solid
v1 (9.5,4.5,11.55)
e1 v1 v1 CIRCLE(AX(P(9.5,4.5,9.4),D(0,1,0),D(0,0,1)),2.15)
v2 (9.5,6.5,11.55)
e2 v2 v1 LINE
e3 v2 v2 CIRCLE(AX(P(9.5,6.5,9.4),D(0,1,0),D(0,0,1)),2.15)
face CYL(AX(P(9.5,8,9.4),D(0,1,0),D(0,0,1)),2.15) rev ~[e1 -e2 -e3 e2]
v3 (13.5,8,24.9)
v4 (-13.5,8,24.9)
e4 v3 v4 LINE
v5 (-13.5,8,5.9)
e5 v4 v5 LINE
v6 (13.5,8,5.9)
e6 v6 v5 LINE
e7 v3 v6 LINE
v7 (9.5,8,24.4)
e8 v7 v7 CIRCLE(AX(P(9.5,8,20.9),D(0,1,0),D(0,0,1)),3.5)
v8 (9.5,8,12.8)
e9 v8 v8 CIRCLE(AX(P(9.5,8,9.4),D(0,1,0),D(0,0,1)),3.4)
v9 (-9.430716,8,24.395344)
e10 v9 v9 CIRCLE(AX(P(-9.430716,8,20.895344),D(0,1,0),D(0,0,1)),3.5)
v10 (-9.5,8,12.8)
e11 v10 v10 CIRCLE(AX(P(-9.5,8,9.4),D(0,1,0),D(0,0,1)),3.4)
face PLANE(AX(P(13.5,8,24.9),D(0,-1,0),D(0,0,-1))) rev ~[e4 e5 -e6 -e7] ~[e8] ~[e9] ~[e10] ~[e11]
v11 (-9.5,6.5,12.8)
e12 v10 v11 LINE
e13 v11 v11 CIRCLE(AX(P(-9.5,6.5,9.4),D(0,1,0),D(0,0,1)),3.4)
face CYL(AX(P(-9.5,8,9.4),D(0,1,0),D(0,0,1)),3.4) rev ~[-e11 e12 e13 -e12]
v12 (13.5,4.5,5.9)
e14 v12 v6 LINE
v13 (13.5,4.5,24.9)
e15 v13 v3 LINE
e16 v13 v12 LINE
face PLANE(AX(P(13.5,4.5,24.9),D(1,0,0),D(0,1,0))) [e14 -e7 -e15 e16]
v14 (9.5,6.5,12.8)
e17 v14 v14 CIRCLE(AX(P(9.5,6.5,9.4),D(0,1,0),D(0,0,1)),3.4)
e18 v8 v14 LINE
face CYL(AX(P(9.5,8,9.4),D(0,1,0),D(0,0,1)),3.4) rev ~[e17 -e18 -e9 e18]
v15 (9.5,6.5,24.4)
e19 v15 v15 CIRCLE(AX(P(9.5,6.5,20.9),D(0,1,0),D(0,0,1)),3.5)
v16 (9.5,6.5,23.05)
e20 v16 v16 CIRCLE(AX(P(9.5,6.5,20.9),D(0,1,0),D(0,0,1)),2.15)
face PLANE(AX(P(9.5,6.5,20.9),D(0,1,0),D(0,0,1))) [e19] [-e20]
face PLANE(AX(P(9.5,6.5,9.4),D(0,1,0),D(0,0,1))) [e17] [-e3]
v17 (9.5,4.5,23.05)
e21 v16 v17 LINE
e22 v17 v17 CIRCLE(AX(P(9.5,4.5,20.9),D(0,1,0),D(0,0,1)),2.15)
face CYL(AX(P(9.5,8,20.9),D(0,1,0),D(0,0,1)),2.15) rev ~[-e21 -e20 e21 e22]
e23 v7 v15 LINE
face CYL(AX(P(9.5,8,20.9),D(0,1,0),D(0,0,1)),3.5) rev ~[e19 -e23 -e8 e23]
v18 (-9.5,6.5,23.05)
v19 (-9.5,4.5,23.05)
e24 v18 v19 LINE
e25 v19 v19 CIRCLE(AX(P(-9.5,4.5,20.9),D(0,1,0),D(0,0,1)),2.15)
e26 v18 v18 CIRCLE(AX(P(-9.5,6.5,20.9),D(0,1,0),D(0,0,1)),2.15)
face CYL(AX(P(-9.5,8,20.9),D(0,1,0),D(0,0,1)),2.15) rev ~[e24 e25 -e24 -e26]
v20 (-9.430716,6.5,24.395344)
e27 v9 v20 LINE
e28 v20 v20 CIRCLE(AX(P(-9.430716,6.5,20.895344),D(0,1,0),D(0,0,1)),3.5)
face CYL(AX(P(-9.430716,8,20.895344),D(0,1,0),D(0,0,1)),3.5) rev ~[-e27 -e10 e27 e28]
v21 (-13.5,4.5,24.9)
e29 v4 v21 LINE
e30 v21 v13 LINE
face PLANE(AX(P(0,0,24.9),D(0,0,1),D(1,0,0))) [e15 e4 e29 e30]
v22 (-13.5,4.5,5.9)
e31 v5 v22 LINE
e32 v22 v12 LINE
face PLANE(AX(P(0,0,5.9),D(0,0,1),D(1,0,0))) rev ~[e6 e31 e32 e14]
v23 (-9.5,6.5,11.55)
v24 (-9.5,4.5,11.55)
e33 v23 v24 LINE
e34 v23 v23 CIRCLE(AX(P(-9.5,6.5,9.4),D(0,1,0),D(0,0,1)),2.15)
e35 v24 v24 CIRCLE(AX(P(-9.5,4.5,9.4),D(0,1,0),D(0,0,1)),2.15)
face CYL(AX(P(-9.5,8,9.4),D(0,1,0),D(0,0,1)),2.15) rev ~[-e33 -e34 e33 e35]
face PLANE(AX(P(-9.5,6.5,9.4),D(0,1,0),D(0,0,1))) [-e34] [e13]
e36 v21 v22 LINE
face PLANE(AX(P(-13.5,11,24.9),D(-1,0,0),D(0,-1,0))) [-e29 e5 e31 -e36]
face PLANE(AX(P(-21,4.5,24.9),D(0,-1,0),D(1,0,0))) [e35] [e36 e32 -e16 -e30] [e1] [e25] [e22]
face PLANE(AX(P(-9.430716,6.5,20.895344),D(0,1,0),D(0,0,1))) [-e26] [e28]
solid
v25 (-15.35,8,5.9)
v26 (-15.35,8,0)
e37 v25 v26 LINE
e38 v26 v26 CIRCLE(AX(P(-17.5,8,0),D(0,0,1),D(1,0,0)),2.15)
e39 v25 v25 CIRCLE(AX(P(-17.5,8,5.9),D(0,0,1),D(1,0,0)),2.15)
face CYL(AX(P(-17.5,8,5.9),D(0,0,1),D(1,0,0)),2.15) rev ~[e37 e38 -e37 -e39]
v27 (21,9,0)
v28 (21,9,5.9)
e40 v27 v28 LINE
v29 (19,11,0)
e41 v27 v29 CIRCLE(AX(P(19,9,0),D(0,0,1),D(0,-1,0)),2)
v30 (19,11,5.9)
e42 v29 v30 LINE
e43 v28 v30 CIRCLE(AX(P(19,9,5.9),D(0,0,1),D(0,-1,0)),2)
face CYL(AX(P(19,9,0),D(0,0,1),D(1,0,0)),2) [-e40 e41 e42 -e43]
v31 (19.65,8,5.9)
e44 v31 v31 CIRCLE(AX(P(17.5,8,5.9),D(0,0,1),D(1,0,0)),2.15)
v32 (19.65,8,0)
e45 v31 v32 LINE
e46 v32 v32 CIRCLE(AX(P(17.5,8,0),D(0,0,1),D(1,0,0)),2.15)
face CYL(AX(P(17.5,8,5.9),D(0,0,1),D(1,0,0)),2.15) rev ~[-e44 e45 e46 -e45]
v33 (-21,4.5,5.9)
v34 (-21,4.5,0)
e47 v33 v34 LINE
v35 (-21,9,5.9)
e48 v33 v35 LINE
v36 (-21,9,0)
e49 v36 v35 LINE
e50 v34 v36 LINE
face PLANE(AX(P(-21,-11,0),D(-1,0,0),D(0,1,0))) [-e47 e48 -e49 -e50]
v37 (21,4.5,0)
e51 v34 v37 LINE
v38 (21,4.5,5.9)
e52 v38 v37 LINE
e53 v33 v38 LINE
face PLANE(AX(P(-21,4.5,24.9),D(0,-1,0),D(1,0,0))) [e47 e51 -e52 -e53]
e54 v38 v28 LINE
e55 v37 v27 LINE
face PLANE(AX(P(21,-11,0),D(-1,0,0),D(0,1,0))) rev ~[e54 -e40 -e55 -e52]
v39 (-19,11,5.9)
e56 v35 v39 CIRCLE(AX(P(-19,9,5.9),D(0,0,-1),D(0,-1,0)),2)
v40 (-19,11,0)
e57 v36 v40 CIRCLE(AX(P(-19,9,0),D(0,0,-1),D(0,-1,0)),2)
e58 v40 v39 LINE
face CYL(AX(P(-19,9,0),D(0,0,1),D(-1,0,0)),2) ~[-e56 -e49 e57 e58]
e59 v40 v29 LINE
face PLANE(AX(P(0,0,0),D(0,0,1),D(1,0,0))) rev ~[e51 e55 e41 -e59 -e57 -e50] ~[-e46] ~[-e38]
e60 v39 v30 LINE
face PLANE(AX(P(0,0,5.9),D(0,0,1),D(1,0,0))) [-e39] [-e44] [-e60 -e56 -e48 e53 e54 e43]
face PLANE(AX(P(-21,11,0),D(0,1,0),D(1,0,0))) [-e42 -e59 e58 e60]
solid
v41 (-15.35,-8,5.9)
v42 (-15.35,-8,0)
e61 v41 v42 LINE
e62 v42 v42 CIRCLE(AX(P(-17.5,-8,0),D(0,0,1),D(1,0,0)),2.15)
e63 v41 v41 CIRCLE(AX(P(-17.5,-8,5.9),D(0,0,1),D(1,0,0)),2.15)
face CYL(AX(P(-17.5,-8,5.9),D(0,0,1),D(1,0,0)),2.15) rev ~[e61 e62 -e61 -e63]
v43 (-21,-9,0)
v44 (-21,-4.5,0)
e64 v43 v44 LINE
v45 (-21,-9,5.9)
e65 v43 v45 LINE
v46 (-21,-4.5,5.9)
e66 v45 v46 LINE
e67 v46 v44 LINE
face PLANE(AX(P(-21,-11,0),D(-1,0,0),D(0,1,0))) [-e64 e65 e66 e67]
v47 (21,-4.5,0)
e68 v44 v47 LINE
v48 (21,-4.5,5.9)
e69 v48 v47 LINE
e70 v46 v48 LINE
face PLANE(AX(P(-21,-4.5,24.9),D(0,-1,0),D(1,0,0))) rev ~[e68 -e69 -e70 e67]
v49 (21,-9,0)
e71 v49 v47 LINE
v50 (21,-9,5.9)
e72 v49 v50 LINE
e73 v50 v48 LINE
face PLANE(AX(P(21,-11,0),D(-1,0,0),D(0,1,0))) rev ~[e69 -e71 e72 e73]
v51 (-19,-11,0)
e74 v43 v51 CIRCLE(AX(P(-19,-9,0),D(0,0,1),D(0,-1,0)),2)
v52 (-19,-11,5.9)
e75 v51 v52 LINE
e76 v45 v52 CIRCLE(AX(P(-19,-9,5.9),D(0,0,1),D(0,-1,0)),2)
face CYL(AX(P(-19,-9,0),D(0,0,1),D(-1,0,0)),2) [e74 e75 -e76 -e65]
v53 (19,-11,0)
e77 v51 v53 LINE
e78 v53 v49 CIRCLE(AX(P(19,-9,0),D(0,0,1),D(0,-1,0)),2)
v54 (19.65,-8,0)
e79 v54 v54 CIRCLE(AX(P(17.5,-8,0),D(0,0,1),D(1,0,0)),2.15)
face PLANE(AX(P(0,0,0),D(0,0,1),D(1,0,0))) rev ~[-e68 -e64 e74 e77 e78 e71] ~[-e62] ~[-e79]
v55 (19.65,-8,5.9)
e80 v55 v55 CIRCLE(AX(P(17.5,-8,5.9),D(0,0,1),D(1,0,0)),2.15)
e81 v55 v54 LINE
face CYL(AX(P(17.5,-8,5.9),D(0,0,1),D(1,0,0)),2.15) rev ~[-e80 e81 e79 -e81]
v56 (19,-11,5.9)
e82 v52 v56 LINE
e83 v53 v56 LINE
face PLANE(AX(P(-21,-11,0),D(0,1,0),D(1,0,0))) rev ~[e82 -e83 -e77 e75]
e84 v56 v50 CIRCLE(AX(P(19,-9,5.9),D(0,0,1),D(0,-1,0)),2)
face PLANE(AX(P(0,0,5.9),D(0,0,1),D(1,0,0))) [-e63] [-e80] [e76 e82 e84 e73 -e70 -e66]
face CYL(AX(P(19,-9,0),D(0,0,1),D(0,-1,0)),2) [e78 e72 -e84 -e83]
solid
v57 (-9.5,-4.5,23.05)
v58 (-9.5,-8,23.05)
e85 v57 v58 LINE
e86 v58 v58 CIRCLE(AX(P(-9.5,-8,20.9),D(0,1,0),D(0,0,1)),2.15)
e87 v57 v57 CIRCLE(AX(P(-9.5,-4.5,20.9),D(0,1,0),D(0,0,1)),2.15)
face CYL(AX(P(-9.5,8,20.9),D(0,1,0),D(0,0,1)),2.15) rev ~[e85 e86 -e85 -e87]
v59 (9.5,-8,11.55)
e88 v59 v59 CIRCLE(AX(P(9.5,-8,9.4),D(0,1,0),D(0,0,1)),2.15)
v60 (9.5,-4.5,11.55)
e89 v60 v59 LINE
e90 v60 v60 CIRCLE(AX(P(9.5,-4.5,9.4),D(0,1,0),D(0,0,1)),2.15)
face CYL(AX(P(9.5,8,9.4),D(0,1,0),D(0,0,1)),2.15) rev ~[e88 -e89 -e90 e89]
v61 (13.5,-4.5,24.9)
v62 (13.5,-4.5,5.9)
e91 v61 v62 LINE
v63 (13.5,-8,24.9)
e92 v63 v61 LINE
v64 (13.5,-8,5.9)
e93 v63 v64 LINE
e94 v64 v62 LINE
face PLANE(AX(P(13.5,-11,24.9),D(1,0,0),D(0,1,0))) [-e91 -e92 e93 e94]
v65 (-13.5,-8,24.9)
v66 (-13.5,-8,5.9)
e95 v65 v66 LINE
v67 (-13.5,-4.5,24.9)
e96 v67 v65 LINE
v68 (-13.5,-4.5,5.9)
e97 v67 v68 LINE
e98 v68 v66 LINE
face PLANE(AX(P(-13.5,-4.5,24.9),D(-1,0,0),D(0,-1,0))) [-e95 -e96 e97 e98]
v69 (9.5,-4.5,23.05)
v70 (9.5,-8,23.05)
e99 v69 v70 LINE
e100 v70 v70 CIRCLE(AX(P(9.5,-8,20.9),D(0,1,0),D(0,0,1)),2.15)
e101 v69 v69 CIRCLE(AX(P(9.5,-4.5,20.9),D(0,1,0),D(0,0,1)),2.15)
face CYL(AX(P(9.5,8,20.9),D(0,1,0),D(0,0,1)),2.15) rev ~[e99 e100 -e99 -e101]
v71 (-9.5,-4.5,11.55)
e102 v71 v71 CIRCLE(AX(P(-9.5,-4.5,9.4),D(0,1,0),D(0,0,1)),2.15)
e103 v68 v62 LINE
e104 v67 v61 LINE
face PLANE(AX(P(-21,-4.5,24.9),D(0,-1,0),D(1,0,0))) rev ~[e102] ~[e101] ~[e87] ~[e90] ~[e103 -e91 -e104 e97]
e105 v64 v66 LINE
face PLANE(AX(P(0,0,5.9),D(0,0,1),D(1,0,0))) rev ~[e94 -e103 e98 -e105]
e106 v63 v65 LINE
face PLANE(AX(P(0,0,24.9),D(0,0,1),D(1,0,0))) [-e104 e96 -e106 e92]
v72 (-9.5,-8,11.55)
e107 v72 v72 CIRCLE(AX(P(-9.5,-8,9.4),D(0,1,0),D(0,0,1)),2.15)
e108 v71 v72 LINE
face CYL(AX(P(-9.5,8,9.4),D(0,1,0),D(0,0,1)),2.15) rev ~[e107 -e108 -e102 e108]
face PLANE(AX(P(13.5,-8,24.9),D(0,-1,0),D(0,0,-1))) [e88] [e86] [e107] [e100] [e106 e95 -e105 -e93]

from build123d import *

# Parameters (mm, degrees)
SKETCH_1_W           = 42
SKETCH_1_H           = 22
EXTRUDE_1_DEPTH      = 5.9
FILLET_1_R           = 2
SKETCH_2_R           = 2.15
CUT_EXTRUDE_1_DEPTH  = 10
EXTRUDE_2_DEPTH      = 19
SKETCH_4_W           = 42
SKETCH_4_H           = 9
CUT_EXTRUDE_6_DEPTH  = 24.9
SKETCH_6_W           = 19
SKETCH_6_H           = 3
CUT_EXTRUDE_7_DEPTH  = 27
SKETCH_7_R           = 2.15
CUT_EXTRUDE_8_DEPTH  = 50
SKETCH_8_R           = 3.4
SKETCH_8_R_2         = 3.5
CUT_EXTRUDE_11_DEPTH = 1.5


with BuildPart() as part:
    # 草图1 → 凸台-拉伸1 (new body)
    with BuildSketch(Plane.XY):
        Rectangle(SKETCH_1_W, SKETCH_1_H)
    extrude(amount=EXTRUDE_1_DEPTH)

    # 圆角1
    fillet_1_edges = [part.edges().sort_by_distance(p)[0] for p in [
        (21, -11, 2.95),
        (-21, -11, 2.95),
        (-21, 11, 2.95),
        (21, 11, 2.95),
    ]]
    fillet(fillet_1_edges, radius=FILLET_1_R)

    # 草图2 → 切除-拉伸1 (cut)
    with BuildSketch(Plane.XY.offset(5.9)):
        with Locations((17.5, 8)):
            Circle(SKETCH_2_R)
        with Locations((-17.5, 8)):
            Circle(SKETCH_2_R)
        with Locations((17.5, -8)):
            Circle(SKETCH_2_R)
        with Locations((-17.5, -8)):
            Circle(SKETCH_2_R)
    extrude(amount=-CUT_EXTRUDE_1_DEPTH, mode=Mode.SUBTRACT)


with BuildPart() as body_2:
    # 草图3 → 凸台-拉伸2 (new body)
    with BuildSketch(Plane(origin=(0, 0, 24.9), x_dir=(-1, 0, 0), z_dir=(0, 0, -1))):
        Polygon((-21, -4.5), (-21, 4.5), (-13.5, 4.5), (-13.5, 11), (13.5, 11), (13.5, 4.5), (21, 4.5), (21, -4.5), (13.5, -4.5), (13.5, -11), (-13.5, -11), (-13.5, -4.5), align=None)
    extrude(amount=EXTRUDE_2_DEPTH)


with BuildPart() as cut_extrude_6_tool:
    # 草图4 → 切除-拉伸6 (new body)
    with BuildSketch(Plane.XY.offset(24.9)):
        Rectangle(SKETCH_4_W, SKETCH_4_H)
    extrude(amount=-CUT_EXTRUDE_6_DEPTH)


with BuildPart() as part_1:
    add(part.part)

    # 切除-拉伸6: cut by cut_extrude_6_tool
    add(cut_extrude_6_tool.part, mode=Mode.SUBTRACT)


with BuildPart() as body_2_1:
    add(body_2.part)

    # 切除-拉伸6: cut by cut_extrude_6_tool
    add(cut_extrude_6_tool.part, mode=Mode.SUBTRACT)


with BuildPart() as cut_extrude_6_piece_1:
    # of the separate pieces the step leaves, piece 1, a body of its own (cut_extrude_6_pieces)
    add(part_1.part.solids().sort_by_distance((-19, 11, 0))[0])


with BuildPart() as cut_extrude_6_piece_2:
    # of the separate pieces the step leaves, piece 2, a body of its own (cut_extrude_6_pieces)
    add(part_1.part.solids().sort_by_distance((-21, -9, 0))[0])


with BuildPart() as cut_extrude_6_piece_1_of_body_2:
    # of the separate pieces the step leaves, piece 1, a body of its own (cut_extrude_6_pieces_of_body_2)
    add(body_2_1.part.solids().sort_by_distance((13.5, 4.5, 24.9))[0])


with BuildPart() as cut_extrude_6_piece_2_of_body_2:
    # of the separate pieces the step leaves, piece 2, a body of its own (cut_extrude_6_pieces_of_body_2)
    add(body_2_1.part.solids().sort_by_distance((13.5, -11, 24.9))[0])


with BuildPart() as cut_extrude_7_tool:
    # 草图6 → 切除-拉伸7 (new body)
    with BuildSketch(Plane(origin=(13.5, 0, 0), x_dir=(0, 0, -1), z_dir=(1, 0, 0))):
        with Locations((-15.4, 9.5)):
            Rectangle(SKETCH_6_W, SKETCH_6_H)
        with Locations((-15.4, -9.5)):
            Rectangle(SKETCH_6_W, SKETCH_6_H)
    extrude(amount=-CUT_EXTRUDE_7_DEPTH)


with BuildPart() as cut_extrude_6_piece_1_of_body_2_1:
    add(cut_extrude_6_piece_1_of_body_2.part)

    # 切除-拉伸7: cut by cut_extrude_7_tool
    add(cut_extrude_7_tool.part, mode=Mode.SUBTRACT)


with BuildPart() as cut_extrude_6_piece_2_of_body_2_1:
    add(cut_extrude_6_piece_2_of_body_2.part)

    # 切除-拉伸7: cut by cut_extrude_7_tool
    add(cut_extrude_7_tool.part, mode=Mode.SUBTRACT)


with BuildPart() as cut_extrude_8_tool:
    # 草图7 → 切除-拉伸8 (new body)
    with BuildSketch(Plane(origin=(0, 8, 0), x_dir=(1, 0, 0), z_dir=(0, 1, 0))):
        with Locations(Location((-9.5, -9.4, 0), (0, 0, 270))):
            Circle(SKETCH_7_R)
        with Locations(Location((9.5, -9.4, 0), (0, 0, 270))):
            Circle(SKETCH_7_R)
        with Locations(Location((-9.5, -20.9, 0), (0, 0, 270))):
            Circle(SKETCH_7_R)
        with Locations(Location((9.5, -20.9, 0), (0, 0, 270))):
            Circle(SKETCH_7_R)
    extrude(amount=-CUT_EXTRUDE_8_DEPTH)


with BuildPart() as cut_extrude_6_piece_1_of_body_2_2:
    add(cut_extrude_6_piece_1_of_body_2_1.part)

    # 切除-拉伸8: cut by cut_extrude_8_tool
    add(cut_extrude_8_tool.part, mode=Mode.SUBTRACT)

    # 草图8 → 切除-拉伸11 (cut)
    with BuildSketch(Plane(origin=(0, 8, 0), x_dir=(1, 0, 0), z_dir=(0, 1, 0))):
        with Locations(Location((-9.5, -9.4, 0), (0, 0, 270))):
            Circle(SKETCH_8_R)
        with Locations(Location((9.5, -9.4, 0), (0, 0, 270))):
            Circle(SKETCH_8_R)
        with Locations(Location((-9.430716155, -20.89534369, 0), (0, 0, 270))):
            Circle(SKETCH_8_R_2)
        with Locations(Location((9.5, -20.9, 0), (0, 0, 270))):
            Circle(SKETCH_8_R_2)
    extrude(amount=-CUT_EXTRUDE_11_DEPTH, mode=Mode.SUBTRACT)


with BuildPart() as cut_extrude_6_piece_2_of_body_2_2:
    add(cut_extrude_6_piece_2_of_body_2_1.part)

    # 切除-拉伸8: cut by cut_extrude_8_tool
    add(cut_extrude_8_tool.part, mode=Mode.SUBTRACT)


solid = Compound([cut_extrude_6_piece_1.part, cut_extrude_6_piece_2.part, cut_extrude_6_piece_1_of_body_2_2.part, cut_extrude_6_piece_2_of_body_2_2.part])
